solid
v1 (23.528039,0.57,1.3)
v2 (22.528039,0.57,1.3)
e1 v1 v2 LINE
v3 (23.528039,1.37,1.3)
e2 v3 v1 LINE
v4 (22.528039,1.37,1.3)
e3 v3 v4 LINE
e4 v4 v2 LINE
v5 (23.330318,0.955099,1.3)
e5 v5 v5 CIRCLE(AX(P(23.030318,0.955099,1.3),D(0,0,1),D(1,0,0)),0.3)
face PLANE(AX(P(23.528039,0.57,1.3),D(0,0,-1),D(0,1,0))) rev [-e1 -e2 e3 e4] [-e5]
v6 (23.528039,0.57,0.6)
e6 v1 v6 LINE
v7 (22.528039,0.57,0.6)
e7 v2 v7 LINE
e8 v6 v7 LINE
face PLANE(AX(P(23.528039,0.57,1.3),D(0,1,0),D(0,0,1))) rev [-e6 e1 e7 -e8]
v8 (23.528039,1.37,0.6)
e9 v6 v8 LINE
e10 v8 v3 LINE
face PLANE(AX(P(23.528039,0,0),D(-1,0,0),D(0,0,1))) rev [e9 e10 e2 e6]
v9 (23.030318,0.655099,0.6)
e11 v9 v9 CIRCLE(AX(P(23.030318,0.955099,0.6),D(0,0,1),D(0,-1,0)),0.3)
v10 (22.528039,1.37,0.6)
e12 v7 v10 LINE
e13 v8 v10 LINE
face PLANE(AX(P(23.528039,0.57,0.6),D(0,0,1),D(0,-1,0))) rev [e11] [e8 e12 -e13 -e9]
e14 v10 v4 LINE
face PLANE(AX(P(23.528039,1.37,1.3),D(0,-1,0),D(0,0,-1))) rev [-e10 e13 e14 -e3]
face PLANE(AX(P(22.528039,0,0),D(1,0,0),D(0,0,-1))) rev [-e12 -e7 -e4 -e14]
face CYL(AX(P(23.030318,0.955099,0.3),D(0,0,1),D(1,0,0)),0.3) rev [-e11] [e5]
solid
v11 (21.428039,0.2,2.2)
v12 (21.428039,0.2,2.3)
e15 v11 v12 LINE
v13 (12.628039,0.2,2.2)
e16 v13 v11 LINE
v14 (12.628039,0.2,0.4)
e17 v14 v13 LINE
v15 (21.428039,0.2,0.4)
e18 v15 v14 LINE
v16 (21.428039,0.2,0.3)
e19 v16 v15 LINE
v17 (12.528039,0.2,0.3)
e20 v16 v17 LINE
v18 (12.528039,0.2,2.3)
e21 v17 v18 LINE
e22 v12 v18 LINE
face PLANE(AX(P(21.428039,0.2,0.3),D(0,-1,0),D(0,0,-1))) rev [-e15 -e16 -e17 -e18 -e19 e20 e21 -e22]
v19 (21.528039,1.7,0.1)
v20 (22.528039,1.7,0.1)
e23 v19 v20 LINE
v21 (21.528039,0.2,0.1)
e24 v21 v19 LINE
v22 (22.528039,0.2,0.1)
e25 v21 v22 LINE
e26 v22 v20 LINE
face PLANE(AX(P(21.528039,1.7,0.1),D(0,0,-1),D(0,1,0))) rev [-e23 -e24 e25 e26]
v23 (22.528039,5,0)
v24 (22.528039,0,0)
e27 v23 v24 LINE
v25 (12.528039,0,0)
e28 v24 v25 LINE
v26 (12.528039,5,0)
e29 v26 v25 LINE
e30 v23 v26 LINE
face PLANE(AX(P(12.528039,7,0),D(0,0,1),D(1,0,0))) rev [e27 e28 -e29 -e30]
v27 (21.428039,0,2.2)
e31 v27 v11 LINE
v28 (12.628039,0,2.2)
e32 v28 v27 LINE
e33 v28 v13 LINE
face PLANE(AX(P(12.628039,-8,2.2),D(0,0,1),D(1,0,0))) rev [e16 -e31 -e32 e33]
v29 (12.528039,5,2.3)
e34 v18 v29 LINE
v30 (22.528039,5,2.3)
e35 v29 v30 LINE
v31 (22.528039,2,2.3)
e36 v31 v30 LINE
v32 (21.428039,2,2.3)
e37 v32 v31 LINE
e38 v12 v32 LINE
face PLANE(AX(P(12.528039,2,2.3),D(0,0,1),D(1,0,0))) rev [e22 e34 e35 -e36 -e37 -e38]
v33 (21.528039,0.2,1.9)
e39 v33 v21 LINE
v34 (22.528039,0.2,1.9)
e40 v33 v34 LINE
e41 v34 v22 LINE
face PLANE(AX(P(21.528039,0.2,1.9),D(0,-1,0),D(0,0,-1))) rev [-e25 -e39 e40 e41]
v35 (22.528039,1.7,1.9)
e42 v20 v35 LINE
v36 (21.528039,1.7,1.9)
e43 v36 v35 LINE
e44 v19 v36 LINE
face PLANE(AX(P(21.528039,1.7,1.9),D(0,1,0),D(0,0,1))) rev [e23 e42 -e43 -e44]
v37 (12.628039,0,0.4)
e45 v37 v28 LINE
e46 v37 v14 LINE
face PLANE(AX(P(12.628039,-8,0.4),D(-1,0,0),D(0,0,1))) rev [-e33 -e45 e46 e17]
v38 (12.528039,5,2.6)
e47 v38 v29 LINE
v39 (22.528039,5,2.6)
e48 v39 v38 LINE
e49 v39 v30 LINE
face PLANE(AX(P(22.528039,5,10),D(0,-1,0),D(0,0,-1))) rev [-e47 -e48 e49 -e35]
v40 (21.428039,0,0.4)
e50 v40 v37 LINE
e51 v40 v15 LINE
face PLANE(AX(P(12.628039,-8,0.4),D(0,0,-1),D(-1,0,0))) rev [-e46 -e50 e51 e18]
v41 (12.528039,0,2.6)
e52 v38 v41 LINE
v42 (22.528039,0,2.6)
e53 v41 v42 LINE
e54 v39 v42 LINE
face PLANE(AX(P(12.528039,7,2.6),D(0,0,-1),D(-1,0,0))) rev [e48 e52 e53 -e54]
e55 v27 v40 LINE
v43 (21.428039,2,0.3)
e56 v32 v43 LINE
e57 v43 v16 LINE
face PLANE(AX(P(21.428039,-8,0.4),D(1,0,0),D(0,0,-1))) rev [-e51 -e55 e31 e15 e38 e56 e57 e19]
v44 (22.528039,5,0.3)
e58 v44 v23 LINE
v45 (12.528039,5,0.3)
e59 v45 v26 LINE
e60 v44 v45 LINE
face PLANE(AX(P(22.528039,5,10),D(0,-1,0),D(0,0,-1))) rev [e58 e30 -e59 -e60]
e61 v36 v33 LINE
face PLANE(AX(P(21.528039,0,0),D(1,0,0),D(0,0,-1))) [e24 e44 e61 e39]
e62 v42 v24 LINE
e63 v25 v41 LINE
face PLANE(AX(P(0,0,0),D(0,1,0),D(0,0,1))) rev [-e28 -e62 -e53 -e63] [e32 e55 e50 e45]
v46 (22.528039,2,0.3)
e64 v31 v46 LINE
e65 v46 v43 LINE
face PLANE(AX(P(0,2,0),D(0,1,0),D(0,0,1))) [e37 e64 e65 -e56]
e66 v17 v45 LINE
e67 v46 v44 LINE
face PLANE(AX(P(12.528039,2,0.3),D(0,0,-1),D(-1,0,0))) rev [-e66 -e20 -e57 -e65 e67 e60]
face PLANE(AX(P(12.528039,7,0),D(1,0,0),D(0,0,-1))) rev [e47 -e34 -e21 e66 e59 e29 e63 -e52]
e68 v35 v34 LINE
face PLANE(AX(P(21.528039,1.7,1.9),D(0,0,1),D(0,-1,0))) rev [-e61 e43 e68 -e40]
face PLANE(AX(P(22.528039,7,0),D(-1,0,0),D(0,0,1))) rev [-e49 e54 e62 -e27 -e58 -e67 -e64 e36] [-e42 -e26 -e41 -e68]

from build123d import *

# Parameters (mm, degrees)
SKETCH19_W           = 10
SKETCH19_H           = 2.6
BOSS_EXTRUDE14_DEPTH = 7
SKETCH20_W           = 10
SKETCH20_H           = 2
CUT_EXTRUDE8_DEPTH   = 5
SKETCH21_W           = 0.7
SKETCH21_H           = 0.8
BOSS_EXTRUDE15_DEPTH = 1
SKETCH22_R           = 0.3
CUT_EXTRUDE9_DEPTH   = 1
SKETCH23_W           = 1.8
SKETCH23_H           = 1.5
CUT_EXTRUDE10_DEPTH  = 1
SKETCH24_W           = 8.8
SKETCH24_H           = 1.8
CUT_EXTRUDE11_DEPTH  = 10
SKETCH25_W           = 2
SKETCH25_H           = 1.8
CUT_EXTRUDE13_DEPTH  = 8.9
SKETCH26_W           = 10
SKETCH26_H           = 2
CUT_EXTRUDE14_DEPTH  = 10


with BuildPart() as part:
    # Sketch19 → Boss-Extrude14 (new body)
    with BuildSketch(Plane(origin=(0, 0, 0), x_dir=(1, 0, 0), z_dir=(0, 1, 0))):
        with Locations((17.528038796, -1.3)):
            Rectangle(SKETCH19_W, SKETCH19_H)
    extrude(amount=BOSS_EXTRUDE14_DEPTH)

    # Sketch20 → Cut-Extrude8 (cut)
    with BuildSketch(Plane(origin=(0, 7, 0), x_dir=(1, 0, 0), z_dir=(0, 1, 0))):
        with Locations((17.528038796, -1.3)):
            Rectangle(SKETCH20_W, SKETCH20_H)
    extrude(amount=-CUT_EXTRUDE8_DEPTH, mode=Mode.SUBTRACT)

    # Sketch21 → Boss-Extrude15 (add)
    with BuildSketch(Plane(origin=(22.528038796, 0, 0), x_dir=(0, 0, -1), z_dir=(1, 0, 0))):
        with Locations((-0.95, 0.97)):
            Rectangle(SKETCH21_W, SKETCH21_H)
    extrude(amount=BOSS_EXTRUDE15_DEPTH)

    # Sketch22 → Cut-Extrude9 (cut)
    with BuildSketch(Plane.XY.offset(1.3)):
        with Locations((23.030317853, 0.955099212)):
            Circle(SKETCH22_R)
    extrude(amount=-CUT_EXTRUDE9_DEPTH, mode=Mode.SUBTRACT)

    # Sketch23 → Cut-Extrude10 (cut)
    with BuildSketch(Plane(origin=(22.528038796, 0, 0), x_dir=(0, 0, -1), z_dir=(1, 0, 0))):
        with Locations((-1, 0.95)):
            Rectangle(SKETCH23_W, SKETCH23_H)
    extrude(amount=-CUT_EXTRUDE10_DEPTH, mode=Mode.SUBTRACT)

    # Sketch24 → Cut-Extrude11 (cut)
    with BuildSketch(Plane(origin=(0, 2, 0), x_dir=(1, 0, 0), z_dir=(0, 1, 0))):
        with Locations((17.028038796, -1.3)):
            Rectangle(SKETCH24_W, SKETCH24_H)
    extrude(amount=-CUT_EXTRUDE11_DEPTH, mode=Mode.SUBTRACT)

    # Sketch25 → Cut-Extrude13 (cut)
    with BuildSketch(Plane.ZY.offset(-12.528038796)):
        with Locations((1.3, 1.1)):
            Rectangle(SKETCH25_W, SKETCH25_H)
    extrude(amount=-CUT_EXTRUDE13_DEPTH, mode=Mode.SUBTRACT)

    # Sketch26 → Cut-Extrude14 (cut)
    with BuildSketch(Plane(origin=(0, 0, 0), x_dir=(-1, 0, 0), z_dir=(0, 0, -1))):
        with Locations((-17.528038796, 6)):
            Rectangle(SKETCH26_W, SKETCH26_H)
    extrude(amount=-CUT_EXTRUDE14_DEPTH, mode=Mode.SUBTRACT)


solid = part.part
